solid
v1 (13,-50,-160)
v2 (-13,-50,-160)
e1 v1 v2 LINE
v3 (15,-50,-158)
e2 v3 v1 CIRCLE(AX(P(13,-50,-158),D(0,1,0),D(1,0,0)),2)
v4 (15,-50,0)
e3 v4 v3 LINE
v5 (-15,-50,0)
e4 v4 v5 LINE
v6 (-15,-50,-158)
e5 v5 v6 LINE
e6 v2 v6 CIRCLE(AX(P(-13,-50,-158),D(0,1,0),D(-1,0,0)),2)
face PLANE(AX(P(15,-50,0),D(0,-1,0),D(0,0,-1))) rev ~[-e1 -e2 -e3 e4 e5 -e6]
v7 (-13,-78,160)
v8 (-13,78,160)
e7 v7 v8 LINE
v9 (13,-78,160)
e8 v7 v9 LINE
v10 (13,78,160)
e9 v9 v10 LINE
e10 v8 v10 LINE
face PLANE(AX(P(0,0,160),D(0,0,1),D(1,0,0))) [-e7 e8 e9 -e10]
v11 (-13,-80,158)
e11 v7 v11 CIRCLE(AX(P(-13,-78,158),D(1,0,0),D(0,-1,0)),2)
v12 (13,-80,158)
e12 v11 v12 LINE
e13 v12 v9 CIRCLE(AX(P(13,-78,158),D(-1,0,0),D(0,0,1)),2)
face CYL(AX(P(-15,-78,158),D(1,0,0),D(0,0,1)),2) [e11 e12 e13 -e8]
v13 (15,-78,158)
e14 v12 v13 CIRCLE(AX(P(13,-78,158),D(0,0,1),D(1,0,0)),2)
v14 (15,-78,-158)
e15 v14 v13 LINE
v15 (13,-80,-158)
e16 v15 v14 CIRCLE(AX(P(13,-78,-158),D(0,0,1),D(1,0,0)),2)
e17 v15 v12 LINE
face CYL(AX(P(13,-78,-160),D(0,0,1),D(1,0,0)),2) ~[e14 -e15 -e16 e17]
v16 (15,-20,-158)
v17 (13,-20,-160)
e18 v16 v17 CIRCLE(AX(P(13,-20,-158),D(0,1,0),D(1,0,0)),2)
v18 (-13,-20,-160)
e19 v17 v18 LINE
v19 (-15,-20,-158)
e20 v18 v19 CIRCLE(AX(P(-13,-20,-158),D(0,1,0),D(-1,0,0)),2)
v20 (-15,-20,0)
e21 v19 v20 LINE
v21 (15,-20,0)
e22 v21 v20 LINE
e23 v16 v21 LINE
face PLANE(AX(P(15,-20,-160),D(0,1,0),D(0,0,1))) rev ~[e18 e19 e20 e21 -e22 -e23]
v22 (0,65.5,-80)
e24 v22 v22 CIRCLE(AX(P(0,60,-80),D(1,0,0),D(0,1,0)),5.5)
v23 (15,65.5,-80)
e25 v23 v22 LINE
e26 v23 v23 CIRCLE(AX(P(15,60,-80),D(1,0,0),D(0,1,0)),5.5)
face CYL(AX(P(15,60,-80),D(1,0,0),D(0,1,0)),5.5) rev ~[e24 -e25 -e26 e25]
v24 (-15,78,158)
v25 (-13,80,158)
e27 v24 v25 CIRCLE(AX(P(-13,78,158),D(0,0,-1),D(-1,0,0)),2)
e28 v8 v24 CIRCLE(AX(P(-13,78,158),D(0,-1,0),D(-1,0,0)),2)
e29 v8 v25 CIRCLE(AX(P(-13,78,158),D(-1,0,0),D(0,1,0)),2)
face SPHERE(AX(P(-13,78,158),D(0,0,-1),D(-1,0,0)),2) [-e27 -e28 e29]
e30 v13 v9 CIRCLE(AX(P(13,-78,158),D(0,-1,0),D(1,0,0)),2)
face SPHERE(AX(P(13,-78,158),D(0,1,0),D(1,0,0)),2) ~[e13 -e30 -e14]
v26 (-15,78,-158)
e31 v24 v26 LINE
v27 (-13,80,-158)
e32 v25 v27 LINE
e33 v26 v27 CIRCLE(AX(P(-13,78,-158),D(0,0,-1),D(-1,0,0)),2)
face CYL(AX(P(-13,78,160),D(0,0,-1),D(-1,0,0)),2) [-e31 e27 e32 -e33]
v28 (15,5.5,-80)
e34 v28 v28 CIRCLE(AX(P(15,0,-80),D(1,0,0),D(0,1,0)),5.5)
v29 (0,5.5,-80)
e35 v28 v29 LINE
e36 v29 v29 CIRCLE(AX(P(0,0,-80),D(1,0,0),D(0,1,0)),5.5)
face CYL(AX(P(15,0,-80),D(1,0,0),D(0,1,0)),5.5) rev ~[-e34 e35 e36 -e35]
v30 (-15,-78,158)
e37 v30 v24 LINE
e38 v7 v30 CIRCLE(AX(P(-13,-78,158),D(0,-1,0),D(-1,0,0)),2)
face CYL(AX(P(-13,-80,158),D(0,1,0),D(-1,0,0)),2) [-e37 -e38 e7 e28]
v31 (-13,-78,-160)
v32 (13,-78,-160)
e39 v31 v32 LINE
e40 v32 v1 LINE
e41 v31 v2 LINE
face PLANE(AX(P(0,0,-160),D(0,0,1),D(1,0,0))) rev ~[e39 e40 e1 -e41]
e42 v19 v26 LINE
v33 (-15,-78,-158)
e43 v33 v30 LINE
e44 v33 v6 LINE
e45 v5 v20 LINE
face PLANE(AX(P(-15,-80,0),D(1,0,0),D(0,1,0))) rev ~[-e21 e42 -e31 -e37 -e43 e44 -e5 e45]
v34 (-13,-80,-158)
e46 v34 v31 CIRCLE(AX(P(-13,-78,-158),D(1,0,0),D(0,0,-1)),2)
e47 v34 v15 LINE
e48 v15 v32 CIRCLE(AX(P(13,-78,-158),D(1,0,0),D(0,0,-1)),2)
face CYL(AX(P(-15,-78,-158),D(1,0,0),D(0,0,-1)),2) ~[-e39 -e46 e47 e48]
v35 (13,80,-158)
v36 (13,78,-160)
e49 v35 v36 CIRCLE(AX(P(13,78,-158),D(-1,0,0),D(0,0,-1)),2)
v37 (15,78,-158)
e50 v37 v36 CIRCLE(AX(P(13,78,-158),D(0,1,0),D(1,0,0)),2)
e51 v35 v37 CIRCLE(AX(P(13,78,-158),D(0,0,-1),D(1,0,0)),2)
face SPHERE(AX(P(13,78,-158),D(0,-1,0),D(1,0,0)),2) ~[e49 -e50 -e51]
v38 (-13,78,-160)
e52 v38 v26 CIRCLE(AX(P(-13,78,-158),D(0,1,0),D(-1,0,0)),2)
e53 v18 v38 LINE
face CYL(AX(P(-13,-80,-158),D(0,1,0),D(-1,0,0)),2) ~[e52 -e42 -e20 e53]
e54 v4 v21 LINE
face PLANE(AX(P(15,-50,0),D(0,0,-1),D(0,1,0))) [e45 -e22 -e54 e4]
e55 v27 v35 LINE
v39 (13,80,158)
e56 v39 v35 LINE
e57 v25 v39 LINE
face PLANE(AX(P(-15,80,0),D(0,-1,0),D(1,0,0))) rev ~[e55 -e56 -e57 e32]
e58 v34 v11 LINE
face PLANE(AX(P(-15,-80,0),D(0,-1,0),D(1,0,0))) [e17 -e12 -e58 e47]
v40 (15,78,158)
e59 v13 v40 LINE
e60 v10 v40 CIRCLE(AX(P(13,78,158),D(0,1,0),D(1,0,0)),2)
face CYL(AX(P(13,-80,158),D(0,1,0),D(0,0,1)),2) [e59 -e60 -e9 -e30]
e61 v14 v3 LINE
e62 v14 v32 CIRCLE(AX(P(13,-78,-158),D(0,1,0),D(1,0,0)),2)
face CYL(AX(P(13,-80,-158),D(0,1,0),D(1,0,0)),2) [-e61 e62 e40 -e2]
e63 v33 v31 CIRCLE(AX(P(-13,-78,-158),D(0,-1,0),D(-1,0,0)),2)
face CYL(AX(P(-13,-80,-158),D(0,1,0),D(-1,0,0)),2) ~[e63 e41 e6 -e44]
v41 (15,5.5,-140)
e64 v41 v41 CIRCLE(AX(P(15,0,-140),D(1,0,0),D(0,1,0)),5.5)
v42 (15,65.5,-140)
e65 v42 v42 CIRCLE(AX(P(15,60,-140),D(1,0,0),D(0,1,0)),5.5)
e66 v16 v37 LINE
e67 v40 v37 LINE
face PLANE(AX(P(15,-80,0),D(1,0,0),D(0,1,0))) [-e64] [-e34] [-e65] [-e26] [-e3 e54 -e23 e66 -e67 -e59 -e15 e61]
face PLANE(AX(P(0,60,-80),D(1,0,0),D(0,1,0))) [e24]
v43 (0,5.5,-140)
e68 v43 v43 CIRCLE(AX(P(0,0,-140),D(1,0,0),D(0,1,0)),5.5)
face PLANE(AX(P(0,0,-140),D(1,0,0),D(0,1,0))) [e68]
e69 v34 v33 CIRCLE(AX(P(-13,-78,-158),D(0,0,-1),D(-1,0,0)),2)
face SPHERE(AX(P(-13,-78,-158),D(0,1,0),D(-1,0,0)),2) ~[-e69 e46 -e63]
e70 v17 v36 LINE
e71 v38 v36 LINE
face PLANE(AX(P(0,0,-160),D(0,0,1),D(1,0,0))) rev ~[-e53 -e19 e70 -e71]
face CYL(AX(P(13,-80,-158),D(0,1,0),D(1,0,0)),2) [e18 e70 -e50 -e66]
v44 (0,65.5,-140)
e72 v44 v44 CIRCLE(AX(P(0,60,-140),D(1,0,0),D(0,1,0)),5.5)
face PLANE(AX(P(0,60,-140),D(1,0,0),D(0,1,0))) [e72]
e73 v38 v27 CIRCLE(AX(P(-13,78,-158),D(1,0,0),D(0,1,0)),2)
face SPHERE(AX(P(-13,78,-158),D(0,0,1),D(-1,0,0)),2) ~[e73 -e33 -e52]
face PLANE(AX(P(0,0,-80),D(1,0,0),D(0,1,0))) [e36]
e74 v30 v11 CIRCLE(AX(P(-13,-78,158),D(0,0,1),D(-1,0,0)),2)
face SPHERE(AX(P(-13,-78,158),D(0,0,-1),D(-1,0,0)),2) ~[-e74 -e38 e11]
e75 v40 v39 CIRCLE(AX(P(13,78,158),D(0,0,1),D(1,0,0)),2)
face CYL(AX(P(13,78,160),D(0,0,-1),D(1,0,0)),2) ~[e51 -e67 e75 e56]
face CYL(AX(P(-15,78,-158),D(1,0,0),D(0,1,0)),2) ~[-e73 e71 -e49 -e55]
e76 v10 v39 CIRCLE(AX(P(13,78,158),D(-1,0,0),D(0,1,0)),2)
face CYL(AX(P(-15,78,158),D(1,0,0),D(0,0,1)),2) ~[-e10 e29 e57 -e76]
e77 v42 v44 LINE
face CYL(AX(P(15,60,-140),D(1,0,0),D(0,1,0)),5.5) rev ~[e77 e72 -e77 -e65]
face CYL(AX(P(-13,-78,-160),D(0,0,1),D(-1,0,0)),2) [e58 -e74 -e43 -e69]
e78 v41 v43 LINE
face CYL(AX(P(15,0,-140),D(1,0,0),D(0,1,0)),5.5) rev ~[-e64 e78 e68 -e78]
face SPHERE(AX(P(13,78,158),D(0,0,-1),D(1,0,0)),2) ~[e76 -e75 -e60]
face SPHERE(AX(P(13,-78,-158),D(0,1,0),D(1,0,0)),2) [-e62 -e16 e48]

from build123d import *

# Parameters (mm, degrees)
F1_W     = 30
F1_H     = 160
F2_DEPTH = 160
F3_R     = 2
F4_W     = 30
F4_H     = 158
F4_H_2   = 2
F5_DEPTH = 30.001
F4_R     = 5.5
F6_DEPTH = 15


with BuildPart() as f2:
    # F1 (on face) → F2 (new body, symmetric)
    with BuildSketch(Plane.XY):
        Rectangle(F1_W, F1_H)
    extrude(amount=F2_DEPTH, both=True)

    # F3
    f3_edges = [f2.edges().sort_by_distance(p)[0] for p in [
        (15, 0, -160),
        (15, 80, 0),
        (15, 0, 160),
        (15, -80, 0),
        (-15, 80, 0),
        (-15, 0, -160),
        (-15, -80, 0),
        (-15, 0, 160),
        (0, 80, -160),
        (0, -80, -160),
        (0, 80, 160),
        (0, -80, 160),
    ]]
    fillet(f3_edges, radius=F3_R)

    # F4 (on face) → F5 (cut, through all)
    with BuildSketch(Plane.YZ.offset(15)):
        with Locations((-35, -79)):
            Rectangle(F4_W, F4_H)
        with Locations((-35, -159)):
            Rectangle(F4_W, F4_H_2)
    extrude(amount=-F5_DEPTH, mode=Mode.SUBTRACT)

    # F4 (on face) → F6 (cut)
    with BuildSketch(Plane.YZ.offset(15)):
        with Locations((60, -140)):
            Circle(F4_R)
        with Locations((0, -140)):
            Circle(F4_R)
        with Locations((0, -80)):
            Circle(F4_R)
        with Locations((60, -80)):
            Circle(F4_R)
    extrude(amount=-F6_DEPTH, mode=Mode.SUBTRACT)


solid = f2.part
